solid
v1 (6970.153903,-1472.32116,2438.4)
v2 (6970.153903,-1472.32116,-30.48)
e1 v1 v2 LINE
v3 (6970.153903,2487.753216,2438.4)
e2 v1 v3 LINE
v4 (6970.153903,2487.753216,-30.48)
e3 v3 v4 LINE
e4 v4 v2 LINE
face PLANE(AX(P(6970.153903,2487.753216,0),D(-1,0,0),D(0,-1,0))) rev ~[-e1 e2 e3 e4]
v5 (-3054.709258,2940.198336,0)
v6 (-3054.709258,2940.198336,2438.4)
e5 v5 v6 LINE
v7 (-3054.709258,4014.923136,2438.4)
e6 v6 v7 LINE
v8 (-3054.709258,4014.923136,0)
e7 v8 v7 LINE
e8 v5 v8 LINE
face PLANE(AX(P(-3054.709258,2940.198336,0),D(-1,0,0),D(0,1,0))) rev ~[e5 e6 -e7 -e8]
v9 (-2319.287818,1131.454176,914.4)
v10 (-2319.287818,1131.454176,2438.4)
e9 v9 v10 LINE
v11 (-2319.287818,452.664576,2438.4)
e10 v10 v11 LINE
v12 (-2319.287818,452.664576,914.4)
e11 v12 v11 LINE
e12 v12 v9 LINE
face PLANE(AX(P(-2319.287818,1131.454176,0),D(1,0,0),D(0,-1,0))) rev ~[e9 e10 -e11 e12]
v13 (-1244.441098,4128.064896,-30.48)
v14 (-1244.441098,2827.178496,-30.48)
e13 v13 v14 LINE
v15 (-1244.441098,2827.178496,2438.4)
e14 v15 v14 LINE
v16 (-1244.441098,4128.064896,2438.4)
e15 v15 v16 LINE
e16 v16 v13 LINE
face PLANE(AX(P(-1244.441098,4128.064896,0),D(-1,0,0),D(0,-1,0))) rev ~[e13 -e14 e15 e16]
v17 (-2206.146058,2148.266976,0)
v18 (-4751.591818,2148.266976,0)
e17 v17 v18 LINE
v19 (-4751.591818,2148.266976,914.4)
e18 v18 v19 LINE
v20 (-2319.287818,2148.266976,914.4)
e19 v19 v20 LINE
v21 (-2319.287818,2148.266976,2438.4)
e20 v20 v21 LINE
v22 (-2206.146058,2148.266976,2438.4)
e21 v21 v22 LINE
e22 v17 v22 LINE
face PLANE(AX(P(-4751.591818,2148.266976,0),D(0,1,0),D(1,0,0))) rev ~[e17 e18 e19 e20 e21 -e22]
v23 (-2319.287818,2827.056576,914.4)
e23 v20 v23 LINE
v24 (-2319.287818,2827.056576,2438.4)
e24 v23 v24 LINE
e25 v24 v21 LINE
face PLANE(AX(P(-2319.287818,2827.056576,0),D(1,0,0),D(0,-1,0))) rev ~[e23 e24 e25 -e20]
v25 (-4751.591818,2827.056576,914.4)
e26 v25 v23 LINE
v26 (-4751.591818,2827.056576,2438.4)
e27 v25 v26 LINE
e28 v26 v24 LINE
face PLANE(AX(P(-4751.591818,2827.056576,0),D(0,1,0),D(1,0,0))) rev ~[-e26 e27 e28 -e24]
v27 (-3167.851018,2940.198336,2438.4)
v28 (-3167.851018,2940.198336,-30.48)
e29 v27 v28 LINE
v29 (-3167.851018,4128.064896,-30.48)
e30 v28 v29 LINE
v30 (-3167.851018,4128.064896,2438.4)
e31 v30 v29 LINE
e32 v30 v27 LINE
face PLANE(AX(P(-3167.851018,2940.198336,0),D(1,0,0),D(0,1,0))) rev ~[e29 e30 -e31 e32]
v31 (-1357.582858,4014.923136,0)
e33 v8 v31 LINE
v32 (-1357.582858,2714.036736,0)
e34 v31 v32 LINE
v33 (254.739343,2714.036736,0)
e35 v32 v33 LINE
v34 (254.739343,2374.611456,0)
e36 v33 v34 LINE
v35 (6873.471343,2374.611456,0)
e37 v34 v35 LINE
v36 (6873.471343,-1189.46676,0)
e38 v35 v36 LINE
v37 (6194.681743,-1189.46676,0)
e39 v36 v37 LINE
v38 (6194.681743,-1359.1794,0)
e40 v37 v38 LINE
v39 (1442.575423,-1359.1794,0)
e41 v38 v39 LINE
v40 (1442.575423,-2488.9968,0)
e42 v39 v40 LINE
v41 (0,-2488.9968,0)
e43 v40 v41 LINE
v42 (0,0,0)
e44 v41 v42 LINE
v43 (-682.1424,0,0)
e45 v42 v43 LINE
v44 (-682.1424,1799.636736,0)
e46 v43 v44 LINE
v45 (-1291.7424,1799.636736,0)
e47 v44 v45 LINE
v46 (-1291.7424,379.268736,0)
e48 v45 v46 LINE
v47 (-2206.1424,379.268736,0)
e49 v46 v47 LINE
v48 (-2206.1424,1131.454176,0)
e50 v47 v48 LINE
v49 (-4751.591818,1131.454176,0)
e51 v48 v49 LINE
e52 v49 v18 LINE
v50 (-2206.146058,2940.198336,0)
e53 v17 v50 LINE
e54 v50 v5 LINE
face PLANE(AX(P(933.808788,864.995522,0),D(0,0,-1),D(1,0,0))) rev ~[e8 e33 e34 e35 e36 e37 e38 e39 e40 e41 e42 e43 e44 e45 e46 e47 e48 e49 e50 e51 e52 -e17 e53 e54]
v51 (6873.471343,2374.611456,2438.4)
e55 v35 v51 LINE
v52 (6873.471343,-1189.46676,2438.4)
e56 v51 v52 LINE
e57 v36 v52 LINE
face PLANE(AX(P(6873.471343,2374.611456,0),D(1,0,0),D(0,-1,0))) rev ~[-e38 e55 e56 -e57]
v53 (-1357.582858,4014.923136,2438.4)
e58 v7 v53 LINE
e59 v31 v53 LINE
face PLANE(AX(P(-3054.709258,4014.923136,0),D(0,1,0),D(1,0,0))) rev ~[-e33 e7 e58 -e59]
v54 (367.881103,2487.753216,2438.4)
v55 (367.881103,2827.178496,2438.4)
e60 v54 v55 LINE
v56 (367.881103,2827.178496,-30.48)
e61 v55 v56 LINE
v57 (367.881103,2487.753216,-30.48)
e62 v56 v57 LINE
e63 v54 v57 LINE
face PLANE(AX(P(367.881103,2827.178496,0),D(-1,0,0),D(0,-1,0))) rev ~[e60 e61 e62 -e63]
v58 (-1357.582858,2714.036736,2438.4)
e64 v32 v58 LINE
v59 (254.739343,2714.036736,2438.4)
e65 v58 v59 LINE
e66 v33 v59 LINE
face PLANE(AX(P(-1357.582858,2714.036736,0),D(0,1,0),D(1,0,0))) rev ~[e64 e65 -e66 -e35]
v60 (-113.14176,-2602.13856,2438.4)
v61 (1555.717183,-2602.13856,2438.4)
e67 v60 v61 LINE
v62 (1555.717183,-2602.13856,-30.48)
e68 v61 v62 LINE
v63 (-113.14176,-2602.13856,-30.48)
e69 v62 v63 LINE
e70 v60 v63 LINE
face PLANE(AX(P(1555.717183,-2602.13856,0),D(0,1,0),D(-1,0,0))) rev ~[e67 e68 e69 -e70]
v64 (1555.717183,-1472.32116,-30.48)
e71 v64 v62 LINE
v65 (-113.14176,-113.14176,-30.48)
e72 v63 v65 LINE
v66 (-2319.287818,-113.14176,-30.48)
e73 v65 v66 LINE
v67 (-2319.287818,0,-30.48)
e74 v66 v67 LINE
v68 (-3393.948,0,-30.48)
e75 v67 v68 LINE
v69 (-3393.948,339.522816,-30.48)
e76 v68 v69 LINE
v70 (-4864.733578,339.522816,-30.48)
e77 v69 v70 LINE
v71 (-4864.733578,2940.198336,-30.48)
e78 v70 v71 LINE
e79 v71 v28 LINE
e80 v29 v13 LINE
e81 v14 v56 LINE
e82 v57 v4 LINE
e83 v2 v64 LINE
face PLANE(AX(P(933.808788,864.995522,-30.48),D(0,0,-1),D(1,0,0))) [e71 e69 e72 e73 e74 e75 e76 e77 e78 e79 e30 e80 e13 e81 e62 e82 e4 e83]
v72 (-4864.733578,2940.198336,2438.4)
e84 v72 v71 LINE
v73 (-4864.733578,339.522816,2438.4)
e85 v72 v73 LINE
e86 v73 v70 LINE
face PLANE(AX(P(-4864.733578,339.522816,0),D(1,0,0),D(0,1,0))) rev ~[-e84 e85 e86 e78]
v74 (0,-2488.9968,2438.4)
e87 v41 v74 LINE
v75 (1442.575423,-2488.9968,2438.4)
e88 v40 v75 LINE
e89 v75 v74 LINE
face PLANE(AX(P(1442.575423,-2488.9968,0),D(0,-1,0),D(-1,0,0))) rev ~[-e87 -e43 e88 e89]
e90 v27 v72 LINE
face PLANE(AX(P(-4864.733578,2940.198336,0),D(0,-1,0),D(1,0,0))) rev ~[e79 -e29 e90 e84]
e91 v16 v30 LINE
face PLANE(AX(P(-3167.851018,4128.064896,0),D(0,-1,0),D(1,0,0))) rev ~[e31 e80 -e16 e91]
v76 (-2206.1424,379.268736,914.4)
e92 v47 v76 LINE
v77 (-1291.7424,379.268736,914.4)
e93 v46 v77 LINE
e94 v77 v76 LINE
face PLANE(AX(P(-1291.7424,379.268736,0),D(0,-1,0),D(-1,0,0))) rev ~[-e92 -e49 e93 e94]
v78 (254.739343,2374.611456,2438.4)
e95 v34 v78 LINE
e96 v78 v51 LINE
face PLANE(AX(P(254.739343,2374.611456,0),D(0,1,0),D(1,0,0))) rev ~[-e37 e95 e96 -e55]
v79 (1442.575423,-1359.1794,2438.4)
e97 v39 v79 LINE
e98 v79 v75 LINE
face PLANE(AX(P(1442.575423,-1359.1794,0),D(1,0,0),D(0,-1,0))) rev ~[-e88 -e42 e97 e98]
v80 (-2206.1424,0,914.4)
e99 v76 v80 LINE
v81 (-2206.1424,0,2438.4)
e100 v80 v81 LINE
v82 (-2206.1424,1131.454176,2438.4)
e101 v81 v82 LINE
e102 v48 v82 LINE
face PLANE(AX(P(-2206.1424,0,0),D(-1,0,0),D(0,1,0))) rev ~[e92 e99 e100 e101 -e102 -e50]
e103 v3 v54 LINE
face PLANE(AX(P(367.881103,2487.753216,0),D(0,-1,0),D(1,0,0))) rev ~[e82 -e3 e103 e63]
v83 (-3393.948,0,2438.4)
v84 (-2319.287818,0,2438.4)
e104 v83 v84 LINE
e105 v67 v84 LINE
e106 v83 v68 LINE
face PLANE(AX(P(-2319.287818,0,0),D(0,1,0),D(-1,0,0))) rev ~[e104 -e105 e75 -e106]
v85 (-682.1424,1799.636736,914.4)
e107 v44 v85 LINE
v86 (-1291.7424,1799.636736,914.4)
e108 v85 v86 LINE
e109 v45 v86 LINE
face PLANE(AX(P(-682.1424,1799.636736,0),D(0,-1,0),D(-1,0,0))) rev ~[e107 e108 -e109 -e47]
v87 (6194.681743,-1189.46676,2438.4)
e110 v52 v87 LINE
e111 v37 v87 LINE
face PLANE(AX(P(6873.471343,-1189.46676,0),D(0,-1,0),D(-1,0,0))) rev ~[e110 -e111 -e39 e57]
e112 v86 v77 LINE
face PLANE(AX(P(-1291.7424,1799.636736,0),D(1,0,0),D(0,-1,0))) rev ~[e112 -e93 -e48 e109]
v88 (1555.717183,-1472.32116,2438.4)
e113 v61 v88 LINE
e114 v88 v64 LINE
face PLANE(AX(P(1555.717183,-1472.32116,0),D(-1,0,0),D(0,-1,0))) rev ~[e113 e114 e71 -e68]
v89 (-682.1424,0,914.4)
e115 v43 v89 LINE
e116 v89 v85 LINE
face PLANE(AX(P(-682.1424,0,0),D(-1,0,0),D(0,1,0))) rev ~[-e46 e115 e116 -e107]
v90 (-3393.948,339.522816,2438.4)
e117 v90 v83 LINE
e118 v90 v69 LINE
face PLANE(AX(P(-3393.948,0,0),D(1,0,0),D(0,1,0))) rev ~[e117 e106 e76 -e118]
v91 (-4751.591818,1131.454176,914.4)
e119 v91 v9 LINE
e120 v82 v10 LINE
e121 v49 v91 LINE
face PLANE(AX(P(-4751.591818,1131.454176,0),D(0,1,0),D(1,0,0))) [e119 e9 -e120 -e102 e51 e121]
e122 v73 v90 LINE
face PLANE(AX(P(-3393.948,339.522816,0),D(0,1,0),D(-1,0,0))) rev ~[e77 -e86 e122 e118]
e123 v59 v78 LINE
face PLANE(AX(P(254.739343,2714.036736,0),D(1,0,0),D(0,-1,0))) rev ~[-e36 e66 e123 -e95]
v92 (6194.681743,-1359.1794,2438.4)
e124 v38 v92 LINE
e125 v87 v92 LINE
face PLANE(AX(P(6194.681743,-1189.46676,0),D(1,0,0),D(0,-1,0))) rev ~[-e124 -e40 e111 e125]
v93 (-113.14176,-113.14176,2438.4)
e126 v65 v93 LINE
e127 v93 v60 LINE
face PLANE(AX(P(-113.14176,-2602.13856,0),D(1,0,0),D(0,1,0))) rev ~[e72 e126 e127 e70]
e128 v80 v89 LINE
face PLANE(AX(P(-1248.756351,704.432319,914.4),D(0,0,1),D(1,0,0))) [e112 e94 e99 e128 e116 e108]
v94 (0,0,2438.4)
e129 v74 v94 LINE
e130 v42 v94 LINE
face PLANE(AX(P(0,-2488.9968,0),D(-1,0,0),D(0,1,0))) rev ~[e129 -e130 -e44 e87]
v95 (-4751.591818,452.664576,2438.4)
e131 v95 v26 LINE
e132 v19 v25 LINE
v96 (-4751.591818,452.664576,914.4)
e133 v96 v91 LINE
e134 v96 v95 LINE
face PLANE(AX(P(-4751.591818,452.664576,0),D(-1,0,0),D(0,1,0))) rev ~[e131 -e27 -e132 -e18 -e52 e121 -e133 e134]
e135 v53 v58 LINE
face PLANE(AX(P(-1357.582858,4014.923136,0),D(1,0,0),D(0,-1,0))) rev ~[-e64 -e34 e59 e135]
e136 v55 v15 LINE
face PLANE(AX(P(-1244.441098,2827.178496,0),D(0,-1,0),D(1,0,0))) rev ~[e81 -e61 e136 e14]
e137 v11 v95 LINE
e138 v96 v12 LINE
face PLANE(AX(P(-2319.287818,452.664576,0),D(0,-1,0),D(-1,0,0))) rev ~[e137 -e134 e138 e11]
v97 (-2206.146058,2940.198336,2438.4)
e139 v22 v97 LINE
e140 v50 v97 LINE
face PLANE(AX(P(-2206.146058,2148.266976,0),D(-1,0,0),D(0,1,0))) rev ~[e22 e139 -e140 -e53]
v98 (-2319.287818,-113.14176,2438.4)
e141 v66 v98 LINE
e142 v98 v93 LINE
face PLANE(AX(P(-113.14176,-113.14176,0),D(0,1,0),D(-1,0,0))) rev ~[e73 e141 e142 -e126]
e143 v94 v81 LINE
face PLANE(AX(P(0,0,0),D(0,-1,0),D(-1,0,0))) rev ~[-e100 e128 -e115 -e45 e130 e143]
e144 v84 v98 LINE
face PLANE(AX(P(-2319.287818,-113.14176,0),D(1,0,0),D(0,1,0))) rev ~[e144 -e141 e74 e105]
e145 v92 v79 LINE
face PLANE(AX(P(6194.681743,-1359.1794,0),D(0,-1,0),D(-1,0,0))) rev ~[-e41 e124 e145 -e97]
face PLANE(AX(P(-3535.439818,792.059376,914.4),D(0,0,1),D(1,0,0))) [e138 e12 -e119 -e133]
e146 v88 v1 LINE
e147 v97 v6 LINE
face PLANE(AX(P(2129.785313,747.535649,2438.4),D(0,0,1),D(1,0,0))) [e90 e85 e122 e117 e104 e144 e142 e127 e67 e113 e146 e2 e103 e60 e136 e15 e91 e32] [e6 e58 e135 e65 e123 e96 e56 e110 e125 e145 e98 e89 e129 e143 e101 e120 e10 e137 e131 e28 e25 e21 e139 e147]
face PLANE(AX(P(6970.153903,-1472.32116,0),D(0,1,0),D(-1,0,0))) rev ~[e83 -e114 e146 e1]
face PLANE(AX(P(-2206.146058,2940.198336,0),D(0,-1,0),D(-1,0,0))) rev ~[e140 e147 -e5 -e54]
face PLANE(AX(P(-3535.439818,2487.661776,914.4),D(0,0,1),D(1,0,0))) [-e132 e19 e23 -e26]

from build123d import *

# Parameters (mm, degrees)
F1_DEPTH = 2438.4
F3_DEPTH = 30.48
F4_W     = 2432.304
F4_H     = 678.7896
F5_DEPTH = 914.4
F7_DEPTH = 914.4


with BuildPart() as f1:
    # F0 (on Top) → F1 (new body)
    with BuildSketch(Plane.XY):
        Polygon((0, -2488.9968), (0, 0), (-2206.1424, 0), (-2319.287818, 0), (-2319.287818, -113.14176), (-113.14176, -113.14176), (-113.14176, -2602.13856), (1555.717183, -2602.13856), (1555.717183, -1472.32116), (6970.153903, -1472.32116), (6970.153903, 2487.753216), (367.881103, 2487.753216), (367.881103, 2827.178496), (-1244.441098, 2827.178496), (-1244.441098, 4128.064896), (-3167.851018, 4128.064896), (-3167.851018, 2940.198336), (-3054.709258, 2940.198336), (-3054.709258, 4014.923136), (-1357.582858, 4014.923136), (-1357.582858, 2714.036736), (254.739343, 2714.036736), (254.739343, 2374.611456), (6873.471343, 2374.611456), (6873.471343, -1189.46676), (6194.681743, -1189.46676), (6194.681743, -1359.1794), (1442.575423, -1359.1794), (1442.575423, -2488.9968), align=None)
        Polygon((-2319.287818, 0), (-2206.1424, 0), (-2206.1424, 1131.454176), (-2319.287818, 1131.454176), (-2319.287818, 452.664576), (-4751.591818, 452.664576), (-4751.591818, 1131.454176), (-4751.591818, 2148.266976), (-4751.591818, 2827.056576), (-2319.287818, 2827.056576), (-2319.287818, 2148.266976), (-2206.146058, 2148.266976), (-2206.146058, 2940.198336), (-3054.709258, 2940.198336), (-3167.851018, 2940.198336), (-4864.733578, 2940.198336), (-4864.733578, 339.522816), (-3393.948, 339.522816), (-3393.948, 0), align=None)
    extrude(amount=F1_DEPTH)

    # F2 (on face) → F3 (join)
    with BuildSketch(Plane(origin=(0, 0, 0), x_dir=(1, 0, 0), z_dir=(0, 0, -1))):
        Polygon((-2319.287818, 0), (-3393.948, 0), (-3393.948, -339.522816), (-4864.733578, -339.522816), (-4864.733578, -2940.198336), (-3167.851018, -2940.198336), (-3167.851018, -4128.064896), (-1244.441098, -4128.064896), (-1244.441098, -2827.178496), (367.881103, -2827.178496), (367.881103, -2487.753216), (6970.153903, -2487.753216), (6970.153903, 1472.32116), (1555.717183, 1472.32116), (1555.717183, 2602.13856), (-113.14176, 2602.13856), (-113.14176, 113.14176), (-2319.287818, 113.14176), align=None)
    extrude(amount=F3_DEPTH)

    # F4 (on face) → F5 (join)
    with BuildSketch(Plane.XY):
        with Locations((-3535.439818, 792.059376)):
            Rectangle(F4_W, F4_H)
        with Locations((-3535.439818, 2487.661776)):
            Rectangle(F4_W, F4_H)
    extrude(amount=F5_DEPTH)

    # F6 (on face) → F7 (join)
    with BuildSketch(Plane.XY):
        Polygon((-682.1424, 1799.636736), (-1291.7424, 1799.636736), (-1291.7424, 379.268736), (-2206.1424, 379.268736), (-2206.1424, 0), (-682.1424, 0), align=None)
    extrude(amount=F7_DEPTH)


solid = f1.part
